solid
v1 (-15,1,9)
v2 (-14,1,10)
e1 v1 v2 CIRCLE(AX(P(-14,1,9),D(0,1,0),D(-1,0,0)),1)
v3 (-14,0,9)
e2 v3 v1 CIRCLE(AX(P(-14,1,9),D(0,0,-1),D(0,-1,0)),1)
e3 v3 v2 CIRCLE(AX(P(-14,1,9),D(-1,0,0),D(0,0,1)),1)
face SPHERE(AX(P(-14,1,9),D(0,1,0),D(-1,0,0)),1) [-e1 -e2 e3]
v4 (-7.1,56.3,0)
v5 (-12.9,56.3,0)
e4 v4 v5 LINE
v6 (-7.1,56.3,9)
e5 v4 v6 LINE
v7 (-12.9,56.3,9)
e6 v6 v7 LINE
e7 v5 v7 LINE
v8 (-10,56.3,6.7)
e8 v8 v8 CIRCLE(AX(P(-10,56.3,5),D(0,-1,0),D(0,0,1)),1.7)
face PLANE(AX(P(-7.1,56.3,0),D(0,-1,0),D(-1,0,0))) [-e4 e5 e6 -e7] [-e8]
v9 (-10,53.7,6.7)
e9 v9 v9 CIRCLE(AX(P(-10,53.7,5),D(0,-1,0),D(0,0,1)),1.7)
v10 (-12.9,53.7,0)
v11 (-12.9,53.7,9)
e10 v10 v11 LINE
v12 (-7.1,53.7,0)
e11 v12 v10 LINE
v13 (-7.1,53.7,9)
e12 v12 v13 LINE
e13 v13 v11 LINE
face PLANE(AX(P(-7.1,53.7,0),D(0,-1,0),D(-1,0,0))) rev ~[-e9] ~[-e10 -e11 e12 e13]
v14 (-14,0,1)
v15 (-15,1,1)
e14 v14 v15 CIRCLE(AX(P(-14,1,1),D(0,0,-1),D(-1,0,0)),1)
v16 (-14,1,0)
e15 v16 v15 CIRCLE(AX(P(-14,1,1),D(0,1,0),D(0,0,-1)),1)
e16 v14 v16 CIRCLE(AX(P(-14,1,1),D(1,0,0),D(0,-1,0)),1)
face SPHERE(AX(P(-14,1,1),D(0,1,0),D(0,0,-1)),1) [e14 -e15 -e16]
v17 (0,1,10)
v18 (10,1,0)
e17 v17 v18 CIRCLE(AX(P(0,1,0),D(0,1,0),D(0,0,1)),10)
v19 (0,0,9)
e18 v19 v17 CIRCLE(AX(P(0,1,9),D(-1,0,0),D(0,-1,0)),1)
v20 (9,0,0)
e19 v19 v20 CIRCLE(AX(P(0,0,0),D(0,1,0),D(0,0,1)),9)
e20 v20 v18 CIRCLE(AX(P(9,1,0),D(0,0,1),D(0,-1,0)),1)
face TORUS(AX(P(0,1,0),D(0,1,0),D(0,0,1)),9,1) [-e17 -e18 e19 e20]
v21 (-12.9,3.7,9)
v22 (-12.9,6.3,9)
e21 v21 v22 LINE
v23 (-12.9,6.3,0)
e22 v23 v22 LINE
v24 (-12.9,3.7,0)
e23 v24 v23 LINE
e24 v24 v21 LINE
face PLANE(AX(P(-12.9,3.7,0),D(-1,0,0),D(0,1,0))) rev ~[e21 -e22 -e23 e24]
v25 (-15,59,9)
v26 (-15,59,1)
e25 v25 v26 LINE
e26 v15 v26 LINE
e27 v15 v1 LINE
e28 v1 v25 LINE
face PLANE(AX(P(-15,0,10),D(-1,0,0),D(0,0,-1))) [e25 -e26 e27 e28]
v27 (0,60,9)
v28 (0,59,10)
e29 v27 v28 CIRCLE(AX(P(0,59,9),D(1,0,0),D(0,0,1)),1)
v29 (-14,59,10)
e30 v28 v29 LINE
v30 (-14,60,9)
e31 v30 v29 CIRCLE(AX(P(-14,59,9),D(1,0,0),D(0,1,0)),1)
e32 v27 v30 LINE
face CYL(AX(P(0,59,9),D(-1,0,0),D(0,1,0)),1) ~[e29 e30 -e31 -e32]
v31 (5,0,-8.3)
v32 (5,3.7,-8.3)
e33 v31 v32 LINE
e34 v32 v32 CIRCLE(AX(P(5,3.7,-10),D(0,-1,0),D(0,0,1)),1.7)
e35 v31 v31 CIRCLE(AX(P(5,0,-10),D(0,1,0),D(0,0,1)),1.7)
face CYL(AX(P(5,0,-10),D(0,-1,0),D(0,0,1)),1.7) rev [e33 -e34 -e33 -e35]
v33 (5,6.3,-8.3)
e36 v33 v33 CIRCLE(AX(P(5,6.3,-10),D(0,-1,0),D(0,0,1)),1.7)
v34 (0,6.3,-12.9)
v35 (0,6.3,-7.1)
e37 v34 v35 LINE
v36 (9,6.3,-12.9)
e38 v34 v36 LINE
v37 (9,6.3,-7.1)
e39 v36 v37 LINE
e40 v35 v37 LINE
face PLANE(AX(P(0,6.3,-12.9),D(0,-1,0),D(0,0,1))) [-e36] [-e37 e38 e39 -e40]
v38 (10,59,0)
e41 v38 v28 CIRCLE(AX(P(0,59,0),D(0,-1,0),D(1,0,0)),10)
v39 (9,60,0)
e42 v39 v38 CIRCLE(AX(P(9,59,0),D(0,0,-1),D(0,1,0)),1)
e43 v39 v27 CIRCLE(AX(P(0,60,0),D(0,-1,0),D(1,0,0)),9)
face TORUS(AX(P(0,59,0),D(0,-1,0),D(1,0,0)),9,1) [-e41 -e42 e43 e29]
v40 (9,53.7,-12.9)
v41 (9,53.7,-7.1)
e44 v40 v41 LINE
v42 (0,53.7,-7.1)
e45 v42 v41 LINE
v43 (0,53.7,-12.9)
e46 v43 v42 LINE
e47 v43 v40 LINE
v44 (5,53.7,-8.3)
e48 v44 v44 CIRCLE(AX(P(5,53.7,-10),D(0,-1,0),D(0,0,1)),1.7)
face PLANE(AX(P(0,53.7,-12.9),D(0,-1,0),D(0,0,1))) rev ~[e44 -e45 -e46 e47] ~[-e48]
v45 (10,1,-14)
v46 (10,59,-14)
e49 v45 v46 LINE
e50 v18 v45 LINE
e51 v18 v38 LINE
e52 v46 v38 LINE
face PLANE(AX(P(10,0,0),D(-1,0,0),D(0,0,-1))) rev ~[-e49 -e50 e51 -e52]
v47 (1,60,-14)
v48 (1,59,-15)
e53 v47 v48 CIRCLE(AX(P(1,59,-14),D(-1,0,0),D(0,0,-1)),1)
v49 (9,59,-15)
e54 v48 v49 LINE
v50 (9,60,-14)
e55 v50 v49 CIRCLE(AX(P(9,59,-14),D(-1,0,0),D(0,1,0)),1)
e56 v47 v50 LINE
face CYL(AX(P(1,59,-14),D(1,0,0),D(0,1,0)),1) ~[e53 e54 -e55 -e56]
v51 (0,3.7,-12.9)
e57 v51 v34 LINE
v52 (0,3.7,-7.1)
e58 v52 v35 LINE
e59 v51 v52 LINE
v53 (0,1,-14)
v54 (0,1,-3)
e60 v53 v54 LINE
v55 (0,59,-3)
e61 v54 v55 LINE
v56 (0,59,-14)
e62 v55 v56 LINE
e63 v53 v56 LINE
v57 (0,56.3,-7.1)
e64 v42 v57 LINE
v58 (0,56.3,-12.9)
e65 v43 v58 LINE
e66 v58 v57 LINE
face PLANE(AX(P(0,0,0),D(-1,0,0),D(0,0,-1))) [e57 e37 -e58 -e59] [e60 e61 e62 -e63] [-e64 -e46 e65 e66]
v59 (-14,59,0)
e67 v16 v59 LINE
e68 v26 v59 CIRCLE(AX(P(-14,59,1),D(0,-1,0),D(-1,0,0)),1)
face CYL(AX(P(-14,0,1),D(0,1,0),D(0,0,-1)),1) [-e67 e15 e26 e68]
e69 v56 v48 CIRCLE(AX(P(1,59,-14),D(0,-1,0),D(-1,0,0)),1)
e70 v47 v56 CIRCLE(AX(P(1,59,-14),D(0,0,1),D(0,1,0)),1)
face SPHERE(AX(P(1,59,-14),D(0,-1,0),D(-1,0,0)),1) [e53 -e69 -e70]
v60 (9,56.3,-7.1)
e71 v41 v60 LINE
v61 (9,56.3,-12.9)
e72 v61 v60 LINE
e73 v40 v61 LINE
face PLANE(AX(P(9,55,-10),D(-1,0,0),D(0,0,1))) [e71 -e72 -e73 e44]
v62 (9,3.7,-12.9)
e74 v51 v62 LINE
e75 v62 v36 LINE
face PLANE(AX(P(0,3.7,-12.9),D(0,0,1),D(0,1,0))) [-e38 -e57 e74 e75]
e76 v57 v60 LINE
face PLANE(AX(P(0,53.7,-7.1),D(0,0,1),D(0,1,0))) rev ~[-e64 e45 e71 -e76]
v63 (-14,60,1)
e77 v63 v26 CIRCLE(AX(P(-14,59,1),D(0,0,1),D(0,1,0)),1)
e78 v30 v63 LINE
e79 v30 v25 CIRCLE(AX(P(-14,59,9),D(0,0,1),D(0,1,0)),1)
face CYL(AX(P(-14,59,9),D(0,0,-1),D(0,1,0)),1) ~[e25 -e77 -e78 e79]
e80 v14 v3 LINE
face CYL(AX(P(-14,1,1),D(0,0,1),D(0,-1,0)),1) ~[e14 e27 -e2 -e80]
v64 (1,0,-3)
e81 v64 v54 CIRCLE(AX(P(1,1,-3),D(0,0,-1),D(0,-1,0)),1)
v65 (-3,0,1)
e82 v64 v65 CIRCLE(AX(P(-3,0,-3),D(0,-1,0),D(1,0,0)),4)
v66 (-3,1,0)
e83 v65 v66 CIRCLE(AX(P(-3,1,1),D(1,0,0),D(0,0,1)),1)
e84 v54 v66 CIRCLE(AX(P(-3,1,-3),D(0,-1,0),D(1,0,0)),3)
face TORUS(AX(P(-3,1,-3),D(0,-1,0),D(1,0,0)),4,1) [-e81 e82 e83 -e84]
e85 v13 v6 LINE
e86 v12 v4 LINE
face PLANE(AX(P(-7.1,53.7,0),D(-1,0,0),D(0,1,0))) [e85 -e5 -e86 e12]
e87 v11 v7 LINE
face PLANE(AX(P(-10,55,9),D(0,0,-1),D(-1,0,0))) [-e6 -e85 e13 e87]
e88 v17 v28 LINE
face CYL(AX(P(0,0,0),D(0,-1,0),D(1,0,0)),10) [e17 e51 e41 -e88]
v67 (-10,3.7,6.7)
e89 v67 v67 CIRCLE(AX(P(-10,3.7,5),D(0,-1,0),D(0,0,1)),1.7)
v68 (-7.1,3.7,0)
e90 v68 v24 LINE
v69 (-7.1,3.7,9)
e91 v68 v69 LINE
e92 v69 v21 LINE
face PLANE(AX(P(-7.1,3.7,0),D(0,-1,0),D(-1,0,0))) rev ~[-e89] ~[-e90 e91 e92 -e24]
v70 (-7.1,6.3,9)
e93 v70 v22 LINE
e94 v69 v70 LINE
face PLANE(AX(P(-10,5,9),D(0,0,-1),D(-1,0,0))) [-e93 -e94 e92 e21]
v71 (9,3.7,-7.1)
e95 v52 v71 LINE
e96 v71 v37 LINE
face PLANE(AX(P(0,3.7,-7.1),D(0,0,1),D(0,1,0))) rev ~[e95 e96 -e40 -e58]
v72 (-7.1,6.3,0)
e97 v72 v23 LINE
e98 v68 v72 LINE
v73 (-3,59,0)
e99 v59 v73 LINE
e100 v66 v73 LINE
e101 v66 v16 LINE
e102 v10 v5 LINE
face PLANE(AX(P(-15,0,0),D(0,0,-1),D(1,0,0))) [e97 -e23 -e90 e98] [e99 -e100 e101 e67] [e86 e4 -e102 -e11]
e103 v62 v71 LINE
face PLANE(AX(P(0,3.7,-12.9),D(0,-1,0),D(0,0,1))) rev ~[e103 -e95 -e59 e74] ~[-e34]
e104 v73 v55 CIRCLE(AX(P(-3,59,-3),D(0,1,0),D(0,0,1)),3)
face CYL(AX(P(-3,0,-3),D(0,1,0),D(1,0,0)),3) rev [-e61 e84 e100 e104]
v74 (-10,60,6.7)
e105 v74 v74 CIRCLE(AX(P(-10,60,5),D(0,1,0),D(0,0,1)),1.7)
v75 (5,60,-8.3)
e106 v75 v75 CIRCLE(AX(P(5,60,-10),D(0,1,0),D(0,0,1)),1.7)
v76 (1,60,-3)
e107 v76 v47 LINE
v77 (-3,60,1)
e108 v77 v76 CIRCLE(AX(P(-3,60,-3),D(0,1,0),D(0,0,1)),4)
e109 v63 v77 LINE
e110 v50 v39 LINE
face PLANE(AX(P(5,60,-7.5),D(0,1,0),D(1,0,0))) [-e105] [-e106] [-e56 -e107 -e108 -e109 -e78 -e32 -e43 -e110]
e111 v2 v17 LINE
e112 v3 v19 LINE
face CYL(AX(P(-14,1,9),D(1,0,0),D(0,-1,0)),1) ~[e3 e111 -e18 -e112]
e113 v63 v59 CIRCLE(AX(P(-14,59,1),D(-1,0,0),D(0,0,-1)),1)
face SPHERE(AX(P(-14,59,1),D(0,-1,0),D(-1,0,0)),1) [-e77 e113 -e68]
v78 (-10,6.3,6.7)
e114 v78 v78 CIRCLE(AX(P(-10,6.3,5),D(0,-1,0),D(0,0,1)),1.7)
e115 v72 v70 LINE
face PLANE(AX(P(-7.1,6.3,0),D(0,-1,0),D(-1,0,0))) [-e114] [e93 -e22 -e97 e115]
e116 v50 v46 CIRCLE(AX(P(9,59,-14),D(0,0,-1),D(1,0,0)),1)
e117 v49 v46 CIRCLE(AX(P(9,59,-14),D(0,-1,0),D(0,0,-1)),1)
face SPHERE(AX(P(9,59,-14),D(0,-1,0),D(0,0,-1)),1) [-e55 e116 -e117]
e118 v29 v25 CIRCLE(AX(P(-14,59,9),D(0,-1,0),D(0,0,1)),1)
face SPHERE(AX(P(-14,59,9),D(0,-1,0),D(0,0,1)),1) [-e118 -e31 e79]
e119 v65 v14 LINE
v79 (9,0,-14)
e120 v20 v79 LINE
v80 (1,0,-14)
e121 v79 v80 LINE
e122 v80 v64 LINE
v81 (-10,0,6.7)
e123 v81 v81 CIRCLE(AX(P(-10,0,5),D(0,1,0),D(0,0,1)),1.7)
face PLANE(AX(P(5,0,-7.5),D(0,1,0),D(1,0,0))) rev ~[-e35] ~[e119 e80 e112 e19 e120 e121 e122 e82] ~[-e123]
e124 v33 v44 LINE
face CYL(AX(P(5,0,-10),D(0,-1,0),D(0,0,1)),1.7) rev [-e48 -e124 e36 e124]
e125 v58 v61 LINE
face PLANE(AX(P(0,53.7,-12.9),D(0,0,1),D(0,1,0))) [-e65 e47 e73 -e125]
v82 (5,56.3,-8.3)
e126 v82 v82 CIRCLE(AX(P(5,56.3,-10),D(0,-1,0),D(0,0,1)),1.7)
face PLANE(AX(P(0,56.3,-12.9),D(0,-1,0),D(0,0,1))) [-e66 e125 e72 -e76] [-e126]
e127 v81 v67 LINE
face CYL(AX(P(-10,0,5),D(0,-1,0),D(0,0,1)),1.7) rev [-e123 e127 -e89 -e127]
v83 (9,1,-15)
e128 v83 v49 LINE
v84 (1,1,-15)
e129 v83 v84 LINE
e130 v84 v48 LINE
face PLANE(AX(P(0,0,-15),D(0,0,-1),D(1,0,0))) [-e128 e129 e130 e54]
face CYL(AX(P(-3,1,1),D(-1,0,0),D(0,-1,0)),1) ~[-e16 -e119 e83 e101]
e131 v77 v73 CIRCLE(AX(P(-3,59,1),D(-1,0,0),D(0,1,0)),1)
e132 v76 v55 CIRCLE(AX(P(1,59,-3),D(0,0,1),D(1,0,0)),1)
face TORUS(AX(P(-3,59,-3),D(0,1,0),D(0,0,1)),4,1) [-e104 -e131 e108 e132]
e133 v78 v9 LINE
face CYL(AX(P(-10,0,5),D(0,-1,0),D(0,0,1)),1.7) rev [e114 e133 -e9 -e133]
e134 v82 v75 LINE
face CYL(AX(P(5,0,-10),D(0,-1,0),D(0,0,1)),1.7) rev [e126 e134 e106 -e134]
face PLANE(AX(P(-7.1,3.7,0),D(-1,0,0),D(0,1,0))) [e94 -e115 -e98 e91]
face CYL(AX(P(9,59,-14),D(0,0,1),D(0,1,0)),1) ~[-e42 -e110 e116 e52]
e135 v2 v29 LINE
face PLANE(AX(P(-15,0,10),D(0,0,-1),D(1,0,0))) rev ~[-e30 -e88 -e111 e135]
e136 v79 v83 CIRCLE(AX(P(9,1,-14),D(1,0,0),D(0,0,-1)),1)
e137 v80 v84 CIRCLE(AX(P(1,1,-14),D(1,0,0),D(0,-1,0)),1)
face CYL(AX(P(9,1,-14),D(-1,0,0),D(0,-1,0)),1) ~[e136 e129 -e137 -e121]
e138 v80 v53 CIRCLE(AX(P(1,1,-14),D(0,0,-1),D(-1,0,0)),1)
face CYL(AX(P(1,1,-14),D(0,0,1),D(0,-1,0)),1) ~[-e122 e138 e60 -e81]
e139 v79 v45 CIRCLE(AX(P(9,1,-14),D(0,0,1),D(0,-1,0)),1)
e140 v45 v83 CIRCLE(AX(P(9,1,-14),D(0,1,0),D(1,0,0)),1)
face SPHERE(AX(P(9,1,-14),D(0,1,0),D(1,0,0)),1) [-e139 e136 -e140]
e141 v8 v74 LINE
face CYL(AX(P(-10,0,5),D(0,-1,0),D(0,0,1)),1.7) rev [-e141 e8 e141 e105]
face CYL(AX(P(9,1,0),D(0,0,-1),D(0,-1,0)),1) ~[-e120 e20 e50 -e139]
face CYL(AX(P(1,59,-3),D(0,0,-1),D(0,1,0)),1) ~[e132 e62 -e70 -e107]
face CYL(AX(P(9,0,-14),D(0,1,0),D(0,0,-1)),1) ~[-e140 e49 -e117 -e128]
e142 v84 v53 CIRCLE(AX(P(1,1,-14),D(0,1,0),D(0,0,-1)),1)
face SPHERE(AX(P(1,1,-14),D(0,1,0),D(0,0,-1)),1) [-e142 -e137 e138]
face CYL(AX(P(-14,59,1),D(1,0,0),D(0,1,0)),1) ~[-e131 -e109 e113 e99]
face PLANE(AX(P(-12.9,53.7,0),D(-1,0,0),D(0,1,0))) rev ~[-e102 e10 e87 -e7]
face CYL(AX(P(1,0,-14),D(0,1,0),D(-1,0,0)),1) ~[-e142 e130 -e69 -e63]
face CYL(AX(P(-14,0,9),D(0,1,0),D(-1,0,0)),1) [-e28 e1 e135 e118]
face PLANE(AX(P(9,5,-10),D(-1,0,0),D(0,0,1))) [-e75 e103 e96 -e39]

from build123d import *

# Parameters (mm, degrees)
SKETCH1_W           = 15
SKETCH1_H           = 10
SKETCH1_R           = 1.7
SKETCH1_W_2         = 10
SKETCH1_H_2         = 15
BOSS_EXTRUDE1_DEPTH = 60
SKETCH2_W           = 5.8
SKETCH2_H           = 2.6
CUT_EXTRUDE1_DEPTH  = 9
SKETCH3_W           = 5.8
SKETCH3_H           = 2.6
CUT_EXTRUDE2_DEPTH  = 9
FILLET1_R           = 1
FILLET3_R           = 3
FILLET4_R           = 1


with BuildPart() as part:
    # Sketch1 → Boss-Extrude1 (new body)
    # profile 1 of 3: a face of its own
    with BuildSketch(Plane(origin=(0, 0, 0), x_dir=(1, 0, 0), z_dir=(0, 1, 0))):
        with Locations((-7.5, -5)):
            Rectangle(SKETCH1_W, SKETCH1_H)
        with Locations(Location((-10, -5, 0), (0, 0, 270))):
            Circle(SKETCH1_R, mode=Mode.SUBTRACT)
    # profile 2 of 3: a face of its own
    with BuildSketch(Plane(origin=(0, 0, 0), x_dir=(1, 0, 0), z_dir=(0, 1, 0))):
        with BuildLine():
            ThreePointArc((10, 0), (7.071067812, -7.071067812), (0, -10))
            Line((0, -10), (0, 0))
            Line((0, 0), (10, 0))
        make_face()
    # profile 3 of 3: a face of its own
    with BuildSketch(Plane(origin=(0, 0, 0), x_dir=(1, 0, 0), z_dir=(0, 1, 0))):
        with Locations((5, 7.5)):
            Rectangle(SKETCH1_W_2, SKETCH1_H_2)
        with Locations(Location((5, 10, 0), (0, 0, 270))):
            Circle(SKETCH1_R, mode=Mode.SUBTRACT)
    extrude(amount=BOSS_EXTRUDE1_DEPTH)

    # Sketch2 → Cut-Extrude1 (cut)
    with BuildSketch(Plane.ZY):
        with Locations((-10, 55)):
            Rectangle(SKETCH2_W, SKETCH2_H)
        with Locations((-10, 5)):
            Rectangle(SKETCH2_W, SKETCH2_H)
    extrude(amount=-CUT_EXTRUDE1_DEPTH, mode=Mode.SUBTRACT)

    # Sketch3 → Cut-Extrude2 (cut)
    with BuildSketch(Plane(origin=(0, 0, 0), x_dir=(-1, 0, 0), z_dir=(0, 0, -1))):
        with Locations((10, 55)):
            Rectangle(SKETCH3_W, SKETCH3_H)
        with Locations((10, 5)):
            Rectangle(SKETCH3_W, SKETCH3_H)
    extrude(amount=-CUT_EXTRUDE2_DEPTH, mode=Mode.SUBTRACT)

    # Fillet1
    fillet1_edges = [part.edges().sort_by_distance(p)[0] for p in [
        (0, 30, -15),
        (10, 30, -15),
        (-15, 30, 10),
        (-15, 30, 0),
    ]]
    fillet(fillet1_edges, radius=FILLET1_R)

    # Fillet3
    fillet3_edges = [part.edges().sort_by_distance(p)[0] for p in [
        (0, 30, 0),
    ]]
    fillet(fillet3_edges, radius=FILLET3_R)

    # Fillet4
    fillet4_edges = [part.edges().sort_by_distance(p)[0] for p in [
        (10, 0, -7),
        (5, 0, -15),
        (-15, 0, 5),
        (9.707106781, 0, -14.707106781),
        (0.292893219, 0, -14.707106781),
        (-14.707106781, 0, 0.292893219),
        (7.071067812, 0, 7.071067812),
        (-14.707106781, 0, 9.707106781),
        (-15, 60, 5),
        (5, 60, -15),
        (9.707106781, 60, -14.707106781),
        (-7, 0, 10),
        (0.292893219, 60, -14.707106781),
        (-14.707106781, 60, 0.292893219),
        (-14.707106781, 60, 9.707106781),
        (-8.5, 0, 0),
        (-8.5, 60, 0),
        (0, 60, -8.5),
        (0, 0, -8.5),
        (-0.878679656, 0, -0.878679656),
        (-0.878679656, 60, -0.878679656),
        (-7, 60, 10),
        (7.071067812, 60, 7.071067812),
        (10, 60, -7),
    ]]
    fillet(fillet4_edges, radius=FILLET4_R)


solid = part.part
